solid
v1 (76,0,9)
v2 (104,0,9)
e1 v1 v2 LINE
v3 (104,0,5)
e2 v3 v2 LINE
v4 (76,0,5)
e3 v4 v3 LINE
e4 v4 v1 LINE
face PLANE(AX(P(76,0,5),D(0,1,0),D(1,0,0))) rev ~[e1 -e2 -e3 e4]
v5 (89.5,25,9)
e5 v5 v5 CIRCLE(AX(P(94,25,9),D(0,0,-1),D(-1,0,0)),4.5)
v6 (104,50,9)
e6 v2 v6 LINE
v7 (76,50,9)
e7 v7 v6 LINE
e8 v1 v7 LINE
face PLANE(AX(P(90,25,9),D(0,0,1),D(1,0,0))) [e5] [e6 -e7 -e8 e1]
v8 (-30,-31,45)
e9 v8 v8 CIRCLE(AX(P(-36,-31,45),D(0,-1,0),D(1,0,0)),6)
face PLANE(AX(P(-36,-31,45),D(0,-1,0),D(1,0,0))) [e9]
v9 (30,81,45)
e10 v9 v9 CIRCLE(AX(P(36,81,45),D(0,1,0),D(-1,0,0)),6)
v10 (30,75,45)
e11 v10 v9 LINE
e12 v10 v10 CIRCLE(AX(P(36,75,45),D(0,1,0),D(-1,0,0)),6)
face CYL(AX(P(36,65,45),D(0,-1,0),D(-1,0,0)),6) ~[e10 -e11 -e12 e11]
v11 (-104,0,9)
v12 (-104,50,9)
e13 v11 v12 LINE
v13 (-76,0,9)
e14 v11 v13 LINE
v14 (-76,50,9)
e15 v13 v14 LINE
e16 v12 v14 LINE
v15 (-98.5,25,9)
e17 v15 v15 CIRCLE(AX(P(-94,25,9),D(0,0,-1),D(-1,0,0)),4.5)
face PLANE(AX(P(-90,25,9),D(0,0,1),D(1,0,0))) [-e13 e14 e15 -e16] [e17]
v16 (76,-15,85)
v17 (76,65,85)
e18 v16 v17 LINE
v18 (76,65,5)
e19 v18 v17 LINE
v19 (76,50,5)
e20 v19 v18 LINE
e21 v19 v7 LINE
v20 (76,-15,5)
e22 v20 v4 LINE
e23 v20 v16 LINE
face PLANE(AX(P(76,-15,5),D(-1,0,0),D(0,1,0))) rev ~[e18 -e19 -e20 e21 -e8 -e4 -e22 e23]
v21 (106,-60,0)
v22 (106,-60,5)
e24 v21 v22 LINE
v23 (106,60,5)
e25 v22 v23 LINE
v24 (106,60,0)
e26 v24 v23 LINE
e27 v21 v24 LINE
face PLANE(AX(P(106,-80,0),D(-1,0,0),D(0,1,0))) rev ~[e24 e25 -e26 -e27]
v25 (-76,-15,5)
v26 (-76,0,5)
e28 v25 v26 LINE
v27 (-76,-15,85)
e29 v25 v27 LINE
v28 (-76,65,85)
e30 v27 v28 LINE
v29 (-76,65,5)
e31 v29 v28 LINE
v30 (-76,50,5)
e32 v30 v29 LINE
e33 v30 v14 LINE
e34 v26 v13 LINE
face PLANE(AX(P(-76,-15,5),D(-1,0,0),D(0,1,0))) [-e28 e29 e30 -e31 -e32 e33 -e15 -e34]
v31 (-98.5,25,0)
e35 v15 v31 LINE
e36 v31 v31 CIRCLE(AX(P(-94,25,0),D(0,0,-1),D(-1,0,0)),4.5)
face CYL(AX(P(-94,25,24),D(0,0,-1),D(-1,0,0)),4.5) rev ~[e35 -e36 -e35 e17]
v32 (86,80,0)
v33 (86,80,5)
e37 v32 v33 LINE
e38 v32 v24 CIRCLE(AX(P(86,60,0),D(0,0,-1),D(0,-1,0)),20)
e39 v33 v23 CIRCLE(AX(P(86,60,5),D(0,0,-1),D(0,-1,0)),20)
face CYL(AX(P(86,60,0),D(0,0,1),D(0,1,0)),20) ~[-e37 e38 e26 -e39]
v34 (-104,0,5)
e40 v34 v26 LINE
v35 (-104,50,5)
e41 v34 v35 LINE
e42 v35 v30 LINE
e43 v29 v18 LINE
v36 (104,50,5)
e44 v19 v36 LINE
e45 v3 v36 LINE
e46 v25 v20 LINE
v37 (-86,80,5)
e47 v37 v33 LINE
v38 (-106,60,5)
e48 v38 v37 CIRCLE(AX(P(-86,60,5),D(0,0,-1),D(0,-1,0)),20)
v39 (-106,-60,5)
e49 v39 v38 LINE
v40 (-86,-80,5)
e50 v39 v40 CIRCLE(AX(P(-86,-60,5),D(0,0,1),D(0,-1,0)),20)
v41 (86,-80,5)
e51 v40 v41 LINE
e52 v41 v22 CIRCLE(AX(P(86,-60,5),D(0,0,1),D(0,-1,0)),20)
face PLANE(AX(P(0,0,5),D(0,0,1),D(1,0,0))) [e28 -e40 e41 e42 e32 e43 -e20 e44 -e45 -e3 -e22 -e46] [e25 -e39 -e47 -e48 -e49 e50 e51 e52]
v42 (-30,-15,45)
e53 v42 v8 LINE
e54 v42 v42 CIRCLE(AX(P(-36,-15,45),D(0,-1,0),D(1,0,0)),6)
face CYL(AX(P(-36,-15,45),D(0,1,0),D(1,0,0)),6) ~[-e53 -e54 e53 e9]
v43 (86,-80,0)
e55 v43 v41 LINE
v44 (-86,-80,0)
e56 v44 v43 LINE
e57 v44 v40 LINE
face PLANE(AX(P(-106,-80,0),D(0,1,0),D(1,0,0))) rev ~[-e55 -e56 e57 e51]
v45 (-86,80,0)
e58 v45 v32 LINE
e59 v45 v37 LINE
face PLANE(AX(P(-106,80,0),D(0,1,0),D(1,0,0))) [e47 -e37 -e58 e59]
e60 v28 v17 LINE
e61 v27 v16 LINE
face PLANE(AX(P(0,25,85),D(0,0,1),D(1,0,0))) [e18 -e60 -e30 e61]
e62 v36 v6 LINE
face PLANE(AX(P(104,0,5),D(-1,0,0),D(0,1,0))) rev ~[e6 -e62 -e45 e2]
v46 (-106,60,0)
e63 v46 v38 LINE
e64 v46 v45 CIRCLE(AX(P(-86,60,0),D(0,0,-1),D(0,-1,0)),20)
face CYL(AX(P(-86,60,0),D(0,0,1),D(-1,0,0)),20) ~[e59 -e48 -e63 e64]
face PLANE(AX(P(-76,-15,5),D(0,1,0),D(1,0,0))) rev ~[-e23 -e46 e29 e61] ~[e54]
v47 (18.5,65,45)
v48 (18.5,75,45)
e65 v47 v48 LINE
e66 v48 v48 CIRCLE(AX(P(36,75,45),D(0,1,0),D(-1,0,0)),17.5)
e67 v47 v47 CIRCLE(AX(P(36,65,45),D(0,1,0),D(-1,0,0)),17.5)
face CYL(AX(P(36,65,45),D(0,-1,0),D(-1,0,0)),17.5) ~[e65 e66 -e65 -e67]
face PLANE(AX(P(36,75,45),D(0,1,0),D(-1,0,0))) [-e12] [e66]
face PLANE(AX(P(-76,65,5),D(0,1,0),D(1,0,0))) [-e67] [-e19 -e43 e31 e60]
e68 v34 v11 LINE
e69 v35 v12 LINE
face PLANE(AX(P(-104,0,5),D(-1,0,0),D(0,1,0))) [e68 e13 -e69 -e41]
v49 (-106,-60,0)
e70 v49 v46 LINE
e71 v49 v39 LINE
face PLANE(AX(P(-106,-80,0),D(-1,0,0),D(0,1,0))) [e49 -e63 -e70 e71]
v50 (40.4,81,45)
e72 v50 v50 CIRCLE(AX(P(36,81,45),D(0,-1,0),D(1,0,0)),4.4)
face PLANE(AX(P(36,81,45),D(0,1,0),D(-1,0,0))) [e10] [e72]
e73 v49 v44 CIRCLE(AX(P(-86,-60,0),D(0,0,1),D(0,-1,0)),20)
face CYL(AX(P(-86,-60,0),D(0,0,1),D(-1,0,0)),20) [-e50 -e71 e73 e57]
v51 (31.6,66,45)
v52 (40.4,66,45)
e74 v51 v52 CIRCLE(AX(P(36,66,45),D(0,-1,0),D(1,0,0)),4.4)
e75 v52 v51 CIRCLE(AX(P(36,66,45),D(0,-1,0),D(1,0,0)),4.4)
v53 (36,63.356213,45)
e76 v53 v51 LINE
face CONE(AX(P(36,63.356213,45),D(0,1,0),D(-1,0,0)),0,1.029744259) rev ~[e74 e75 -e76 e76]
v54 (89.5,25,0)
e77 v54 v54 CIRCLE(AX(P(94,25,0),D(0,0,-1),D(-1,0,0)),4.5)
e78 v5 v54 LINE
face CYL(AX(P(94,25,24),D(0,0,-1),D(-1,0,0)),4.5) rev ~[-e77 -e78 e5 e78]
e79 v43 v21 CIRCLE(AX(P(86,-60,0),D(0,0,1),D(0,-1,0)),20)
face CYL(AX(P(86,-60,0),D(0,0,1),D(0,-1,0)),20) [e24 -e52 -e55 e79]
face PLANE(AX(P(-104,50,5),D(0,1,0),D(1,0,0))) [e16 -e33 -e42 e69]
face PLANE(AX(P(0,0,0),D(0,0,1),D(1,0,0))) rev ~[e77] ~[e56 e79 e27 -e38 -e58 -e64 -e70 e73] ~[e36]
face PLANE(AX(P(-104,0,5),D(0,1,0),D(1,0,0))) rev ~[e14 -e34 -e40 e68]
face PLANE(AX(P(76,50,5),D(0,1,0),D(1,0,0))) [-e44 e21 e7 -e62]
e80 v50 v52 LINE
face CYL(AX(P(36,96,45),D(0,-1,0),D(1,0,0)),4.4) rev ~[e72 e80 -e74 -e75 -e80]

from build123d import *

# Parameters (mm, degrees)
F0_W      = 212
F0_H      = 160
F1_DEPTH  = 5
F2_W      = 152
F2_H      = 80
F3_DEPTH  = 80
F4_R      = 6
F5_DEPTH  = 16
F6_R      = 6
F7_DEPTH  = 16
F9_D      = 8.8
F9_DEPTH  = 15
F9_TIP    = 2.6437867237
F10_R     = 20
F11_R     = 17.5
F11_R_2   = 6
F12_DEPTH = 10
F13_W     = 28
F13_H     = 50
F14_DEPTH = 4
F16_D     = 9
F16_DEPTH = 15
F16_TIP   = 2.7038727856


with BuildPart() as f1:
    # F0 (on Top) → F1 (new body)
    with BuildSketch(Plane.XY):
        Rectangle(F0_W, F0_H)
    extrude(amount=F1_DEPTH)

    # F2 (on face) → F3 (join)
    with BuildSketch(Plane.XY.offset(5)):
        with Locations((0, 25)):
            Rectangle(F2_W, F2_H)
    extrude(amount=F3_DEPTH)

    # F4 (on face) → F5 (join)
    with BuildSketch(Plane.XZ.offset(15)):
        with Locations((-36, 45)):
            Circle(F4_R)
    extrude(amount=F5_DEPTH)

    # F6 (on face) → F7 (join)
    with BuildSketch(Plane(origin=(0, 65, 0), x_dir=(-1, 0, 0), z_dir=(0, 1, 0))):
        with Locations((-36, 45)):
            Circle(F6_R)
    extrude(amount=F7_DEPTH)

    # F9
    with Locations(Plane(origin=(0, 81, 0), x_dir=(-1, 0, 0), z_dir=(0, 1, 0))):
        with Locations((-36, 45)):
            Hole(F9_D / 2, depth=F9_DEPTH)
            with Locations((0, 0, -(F9_DEPTH + F9_TIP / 2))):  # 118° drill point
                Cone(0, F9_D / 2, F9_TIP, mode=Mode.SUBTRACT)

    # F10
    f10_edges = [f1.edges().sort_by_distance(p)[0] for p in [
        (106, -80, 2.5),
        (106, 80, 2.5),
        (-106, 80, 2.5),
        (-106, -80, 2.5),
    ]]
    fillet(f10_edges, radius=F10_R)

    # F11 (on face) → F12 (join)
    with BuildSketch(Plane(origin=(0, 65, 0), x_dir=(-1, 0, 0), z_dir=(0, 1, 0))):
        with Locations((-36, 45)):
            Circle(F11_R)
        with Locations((-36, 45)):
            Circle(F11_R_2, mode=Mode.SUBTRACT)
    extrude(amount=F12_DEPTH)

    # F13 (on face) → F14 (join)
    with BuildSketch(Plane.XY.offset(5)):
        with Locations((-90, 25)):
            Rectangle(F13_W, F13_H)
        with Locations((90, 25)):
            Rectangle(F13_W, F13_H)
    extrude(amount=F14_DEPTH)

    # F16
    with Locations(Plane.XY.offset(9)):
        with Locations((-94, 25), (94, 25)):
            Hole(F16_D / 2, depth=F16_DEPTH)
            with Locations((0, 0, -(F16_DEPTH + F16_TIP / 2))):  # 118° drill point
                Cone(0, F16_D / 2, F16_TIP, mode=Mode.SUBTRACT)


solid = f1.part
